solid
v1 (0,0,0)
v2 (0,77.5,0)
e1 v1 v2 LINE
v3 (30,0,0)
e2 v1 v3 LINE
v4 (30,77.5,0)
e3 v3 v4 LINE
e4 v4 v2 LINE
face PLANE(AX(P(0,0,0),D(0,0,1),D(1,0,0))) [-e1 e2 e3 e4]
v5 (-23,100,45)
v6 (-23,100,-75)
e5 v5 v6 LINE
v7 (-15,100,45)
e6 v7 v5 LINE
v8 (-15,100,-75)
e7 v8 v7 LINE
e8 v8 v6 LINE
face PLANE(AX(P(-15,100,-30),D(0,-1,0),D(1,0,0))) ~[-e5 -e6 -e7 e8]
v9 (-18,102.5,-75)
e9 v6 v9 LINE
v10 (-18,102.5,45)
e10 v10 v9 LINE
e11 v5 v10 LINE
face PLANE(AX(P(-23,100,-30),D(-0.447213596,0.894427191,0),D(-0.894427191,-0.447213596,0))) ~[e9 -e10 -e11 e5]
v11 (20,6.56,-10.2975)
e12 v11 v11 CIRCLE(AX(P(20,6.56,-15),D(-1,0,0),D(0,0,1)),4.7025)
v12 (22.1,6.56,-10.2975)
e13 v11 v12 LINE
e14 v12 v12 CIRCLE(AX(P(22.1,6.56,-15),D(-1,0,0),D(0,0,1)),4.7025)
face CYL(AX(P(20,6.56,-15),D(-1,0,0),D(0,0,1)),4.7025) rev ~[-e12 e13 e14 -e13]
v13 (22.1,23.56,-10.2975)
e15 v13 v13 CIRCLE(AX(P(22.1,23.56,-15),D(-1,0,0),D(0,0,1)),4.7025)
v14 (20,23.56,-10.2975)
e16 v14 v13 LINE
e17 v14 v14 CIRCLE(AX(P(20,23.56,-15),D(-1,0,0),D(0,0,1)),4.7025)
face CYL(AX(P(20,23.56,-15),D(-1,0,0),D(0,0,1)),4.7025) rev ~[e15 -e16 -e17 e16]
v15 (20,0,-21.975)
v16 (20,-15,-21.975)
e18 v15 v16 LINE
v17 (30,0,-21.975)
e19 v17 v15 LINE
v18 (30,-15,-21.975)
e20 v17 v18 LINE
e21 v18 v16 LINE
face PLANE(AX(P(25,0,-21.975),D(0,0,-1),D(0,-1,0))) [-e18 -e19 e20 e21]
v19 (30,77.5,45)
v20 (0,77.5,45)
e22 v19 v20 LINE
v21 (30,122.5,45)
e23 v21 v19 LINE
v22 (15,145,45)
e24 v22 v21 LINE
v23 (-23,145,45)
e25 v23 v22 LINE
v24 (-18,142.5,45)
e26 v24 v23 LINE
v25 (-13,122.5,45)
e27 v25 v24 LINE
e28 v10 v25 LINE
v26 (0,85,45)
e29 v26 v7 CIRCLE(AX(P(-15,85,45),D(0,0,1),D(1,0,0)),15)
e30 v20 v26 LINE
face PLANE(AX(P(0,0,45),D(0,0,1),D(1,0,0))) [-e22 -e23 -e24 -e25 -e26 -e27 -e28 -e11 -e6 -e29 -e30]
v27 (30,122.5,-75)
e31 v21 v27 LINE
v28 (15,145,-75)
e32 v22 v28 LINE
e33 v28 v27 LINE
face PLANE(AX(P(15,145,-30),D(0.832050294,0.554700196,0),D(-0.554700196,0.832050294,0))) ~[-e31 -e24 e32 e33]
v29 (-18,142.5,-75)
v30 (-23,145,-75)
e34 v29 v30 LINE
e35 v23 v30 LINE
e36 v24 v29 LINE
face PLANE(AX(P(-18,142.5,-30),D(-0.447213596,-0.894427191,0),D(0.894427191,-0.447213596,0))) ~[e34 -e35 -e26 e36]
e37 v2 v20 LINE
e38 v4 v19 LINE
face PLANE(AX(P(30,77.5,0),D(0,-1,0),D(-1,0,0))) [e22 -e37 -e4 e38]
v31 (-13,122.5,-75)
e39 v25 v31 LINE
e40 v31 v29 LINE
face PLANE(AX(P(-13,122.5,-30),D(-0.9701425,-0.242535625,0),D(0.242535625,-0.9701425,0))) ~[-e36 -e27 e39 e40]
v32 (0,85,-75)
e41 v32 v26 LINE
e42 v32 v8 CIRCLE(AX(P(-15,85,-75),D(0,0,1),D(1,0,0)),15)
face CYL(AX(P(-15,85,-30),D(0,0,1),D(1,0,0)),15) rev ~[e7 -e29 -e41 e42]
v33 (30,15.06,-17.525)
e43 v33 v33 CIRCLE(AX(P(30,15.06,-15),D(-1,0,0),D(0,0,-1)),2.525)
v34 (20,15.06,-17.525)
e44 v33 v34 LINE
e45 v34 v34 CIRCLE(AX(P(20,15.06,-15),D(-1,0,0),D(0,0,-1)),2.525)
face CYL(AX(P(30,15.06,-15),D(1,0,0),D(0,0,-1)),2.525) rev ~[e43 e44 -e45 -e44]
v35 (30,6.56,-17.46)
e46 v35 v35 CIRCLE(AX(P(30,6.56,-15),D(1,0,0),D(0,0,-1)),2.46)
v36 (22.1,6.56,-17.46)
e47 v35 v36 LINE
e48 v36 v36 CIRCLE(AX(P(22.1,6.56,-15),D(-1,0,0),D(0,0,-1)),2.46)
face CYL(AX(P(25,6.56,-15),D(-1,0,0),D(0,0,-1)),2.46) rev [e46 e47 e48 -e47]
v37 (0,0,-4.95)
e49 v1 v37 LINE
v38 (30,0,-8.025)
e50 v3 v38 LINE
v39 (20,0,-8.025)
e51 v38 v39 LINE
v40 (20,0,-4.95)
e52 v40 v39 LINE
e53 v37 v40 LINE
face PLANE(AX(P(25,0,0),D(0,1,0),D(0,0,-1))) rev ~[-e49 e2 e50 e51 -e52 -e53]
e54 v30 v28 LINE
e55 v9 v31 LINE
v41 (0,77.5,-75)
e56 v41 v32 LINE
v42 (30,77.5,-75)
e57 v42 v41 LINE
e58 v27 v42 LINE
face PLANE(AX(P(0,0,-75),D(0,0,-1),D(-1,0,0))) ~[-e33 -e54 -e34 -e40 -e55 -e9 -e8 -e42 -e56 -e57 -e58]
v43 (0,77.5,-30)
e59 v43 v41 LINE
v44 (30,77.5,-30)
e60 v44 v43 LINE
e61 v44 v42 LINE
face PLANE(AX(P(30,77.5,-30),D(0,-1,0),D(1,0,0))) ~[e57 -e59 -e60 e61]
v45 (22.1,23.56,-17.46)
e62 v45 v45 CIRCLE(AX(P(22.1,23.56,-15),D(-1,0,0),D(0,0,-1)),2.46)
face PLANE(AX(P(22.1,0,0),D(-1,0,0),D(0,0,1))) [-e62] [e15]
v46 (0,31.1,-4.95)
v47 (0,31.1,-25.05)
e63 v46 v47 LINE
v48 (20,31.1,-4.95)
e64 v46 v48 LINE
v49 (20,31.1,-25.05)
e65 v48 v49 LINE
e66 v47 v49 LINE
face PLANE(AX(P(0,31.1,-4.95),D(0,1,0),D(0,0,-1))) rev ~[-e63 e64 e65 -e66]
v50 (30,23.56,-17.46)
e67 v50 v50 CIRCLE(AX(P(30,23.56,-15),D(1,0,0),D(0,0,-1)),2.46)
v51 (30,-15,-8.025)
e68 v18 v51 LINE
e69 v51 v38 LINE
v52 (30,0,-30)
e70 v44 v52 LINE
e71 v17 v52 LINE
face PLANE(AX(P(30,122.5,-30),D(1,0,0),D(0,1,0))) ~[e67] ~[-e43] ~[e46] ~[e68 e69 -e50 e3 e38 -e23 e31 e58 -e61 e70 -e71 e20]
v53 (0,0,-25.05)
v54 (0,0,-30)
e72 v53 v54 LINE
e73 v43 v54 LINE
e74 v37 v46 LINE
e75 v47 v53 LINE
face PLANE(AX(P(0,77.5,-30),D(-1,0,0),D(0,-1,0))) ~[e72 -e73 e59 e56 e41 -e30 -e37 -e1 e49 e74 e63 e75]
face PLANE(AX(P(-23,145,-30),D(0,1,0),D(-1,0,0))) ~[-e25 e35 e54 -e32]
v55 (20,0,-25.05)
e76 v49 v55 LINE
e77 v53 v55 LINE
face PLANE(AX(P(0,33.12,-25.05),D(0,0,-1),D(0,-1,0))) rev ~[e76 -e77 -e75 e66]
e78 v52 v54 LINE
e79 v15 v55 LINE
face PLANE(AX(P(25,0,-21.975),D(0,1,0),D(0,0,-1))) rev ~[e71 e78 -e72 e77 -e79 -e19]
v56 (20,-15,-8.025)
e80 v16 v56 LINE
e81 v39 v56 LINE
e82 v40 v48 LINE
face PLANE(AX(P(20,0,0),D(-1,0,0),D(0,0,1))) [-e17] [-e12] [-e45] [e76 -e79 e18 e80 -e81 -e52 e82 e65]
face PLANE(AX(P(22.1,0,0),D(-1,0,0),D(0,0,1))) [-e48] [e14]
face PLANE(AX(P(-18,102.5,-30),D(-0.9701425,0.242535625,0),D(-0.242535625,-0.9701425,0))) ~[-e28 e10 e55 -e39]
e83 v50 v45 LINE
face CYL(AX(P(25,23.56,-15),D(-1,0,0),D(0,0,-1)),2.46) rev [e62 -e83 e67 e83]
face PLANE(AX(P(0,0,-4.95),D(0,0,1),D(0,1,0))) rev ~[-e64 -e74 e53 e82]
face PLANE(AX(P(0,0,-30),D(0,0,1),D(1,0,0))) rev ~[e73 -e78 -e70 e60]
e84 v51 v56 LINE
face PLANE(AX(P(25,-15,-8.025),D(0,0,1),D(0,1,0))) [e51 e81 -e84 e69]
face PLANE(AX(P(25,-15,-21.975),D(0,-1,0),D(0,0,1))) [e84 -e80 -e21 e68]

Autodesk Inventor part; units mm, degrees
ref_plane "YZ Plane" through (0, 0, 0) normal (1, 0, 0) x (0, 1, 0)
ref_plane "XZ Plane" through (0, 0, 0) normal (0, 1, 0) x (-1, 0, 0)
sketch "Sketch1" plane through (0, 0, 0) normal (0, 0, 1) x (1, 0, 0)
  line L0 (0, 0) -> (25, 0)
  line L1 (25, 0) -> (25, 40)
  line L2 (25, 40) -> (0, 40)
  line L3 (0, 40) -> (0, 0)
  dimension "d1" = 25
  dimension "d2" = 40
  dimension "d3" = 25
extrude "Extrusion1" add sketch "Sketch1" against normal blind 30
sketch "Sketch2" plane through (25, 0, 0) normal (1, 0, 0) x (0, 0, -1)
  line L0 (0, 0) -> (30, 0) projected
  circle A0 centre (15, 6.56) radius 2.46
extrude "Extrusion2" cut sketch "Sketch2" against normal blind 30
sketch "Sketch3" plane through (0, 0, 0) normal (-1, 0, 0) x (0, 0, 1)
  line L0 (0, 0) -> (-30, 0) projected
  line L1 (-25.05, 0) -> (-4.95, 0)
  line L2 (-4.95, 0) -> (-4.95, 33.12)
  line L3 (-4.95, 33.12) -> (-25.05, 33.12)
  line L4 (-25.05, 33.12) -> (-25.05, 0)
  dimension "d11" = 20.1
extrude "Extrusion3" cut sketch "Sketch3" against normal blind 20
sketch "Sketch4" plane through (0, 0, 0) normal (0, -1, 0) x (1, 0, 0)
  line L0 (20, -4.95) -> (20, -25.05) projected
  line L1 (20, -15) -> (25, -15)
  line L2 (25, 0) -> (25, -30) projected
  line L3 (20, -8.025) -> (25, -8.025)
  line L4 (25, -8.025) -> (25, -21.975)
  line L5 (25, -21.975) -> (20, -21.975)
  line L6 (20, -21.975) -> (20, -8.025)
  line L7 (20, -8.025) -> (25, -21.975) construction
  line L8 (25, -8.025) -> (20, -21.975) construction
  line L9 (25, -12.54) -> (25, -17.46) projected
  point P0 (0, 0)
  point P1 (22.5, -15)
  dimension "d14" = 13.95
extrude "Extrusion4" add sketch "Sketch4" along normal blind 15
sketch "Sketch5" plane through (20, 0, 0) normal (-1, 0, 0) x (0, 0, 1)
  circle A0 centre (-15, 6.56) radius 2.46 projected
  circle A1 centre (-15, 6.56) radius 4.7025
  circle A2 centre (-15, 6.56) radius 2.46 projected
  circle A3 centre (-15, 6.56) radius 2.46
  point P0 (0, 0)
  dimension "d17" = 9.405
extrude "Extrusion5" cut sketch "Sketch5" against normal blind 2.1
sketch "Sketch6" plane through (25, 0, 0) normal (1, 0, 0) x (0, 0, -1)
  circle A0 centre (15, 6.56) radius 4.7025 projected
  line L0 (15, 6.56) -> (15, 23.56)
  circle A1 centre (15, 23.56) radius 2.46
  point P0 (0, 0)
  dimension "d20" = 17
  dimension "d21" = 4.92
extrude "Extrusion6" cut sketch "Sketch6" against normal blind 10 contours A1
sketch "Sketch7" plane through (20, 0, 0) normal (-1, 0, 0) x (0, 0, 1)
  circle A0 centre (-15, 23.56) radius 2.46 projected
  circle A1 centre (-15, 23.56) radius 4.7025
  point P0 (0, 0)
  dimension "d24" = 9.405
extrude "Extrusion7" cut sketch "Sketch7" against normal blind 2.1
sketch "Sketch9" plane through (25, 0, 0) normal (1, 0, 0) x (0, 0, -1)
  circle A0 centre (15, 6.56) radius 2.46 projected
  circle A1 centre (15, 6.56) radius 2.46
  circle A2 centre (15, 23.56) radius 2.46 projected
  circle A3 centre (15, 23.56) radius 2.46
  line L0 (30, 40) -> (30, 0) projected
  line L1 (30, 0) -> (30, 40)
  line L2 (30, 40) -> (0, 40)
  line L3 (0, 40) -> (0, 0)
  line L4 (0, 0) -> (8.025, 0) projected
  line L5 (21.975, 0) -> (21.975, -15)
  line L6 (21.975, -15) -> (8.025, -15)
  line L7 (8.025, -15) -> (8.025, 0)
  line L8 (0, 0) -> (8.025, 0)
  line L9 (21.975, 0) -> (30, 0)
extrude "Extrusion8" add sketch "Sketch9" along normal blind 5
sketch "Sketch10" plane through (0, 40, 0) normal (0, 1, 0) x (1, 0, 0)
  line L0 (0, 30) -> (30, 30) projected
  line L1 (30, 0) -> (0, 0) projected
  line L2 (0, 30) -> (30, 30)
  line L3 (30, 30) -> (30, 0)
  line L4 (30, 0) -> (0, 0)
  line L5 (0, 0) -> (0, 30)
extrude "Extrusion9" add sketch "Sketch10" along normal blind 30
sketch "Sketch12" plane through (30, 0, 0) normal (1, 0, 0) x (0, 0, -1)
  circle A0 centre (15, 6.56) radius 2.46 projected
  line L0 (15, 6.56) -> (15, 15.06)
  circle A1 centre (15, 15.06) radius 2.525
  point P0 (0, 0)
  dimension "d31" = 8.5
  dimension "d33" = 5.05
extrude "Extrusion10" cut sketch "Sketch12" against normal blind 30 contours A1
sketch "Sketch14" plane through (0, 0, 0) normal (0, 0, 1) x (1, 0, 0)
  line L0 (30, 70) -> (0, 70) projected
  line L1 (0, 70) -> (0, 85)
  line L2 (-15, 100) -> (-23, 100)
  line L3 (30, 0) -> (30, 70) projected
  line L4 (30, 122.5) -> (30, 70)
  arc A0 (0, 85) -> (-15, 100) centre (-15, 85) ccw
  line L5 (30, 105) -> (30, 100)
  line L6 (-23, 145) -> (15, 145)
  line L7 (-18, 142.5) -> (-23, 145)
  line L8 (-18, 102.5) -> (-23, 100)
  line L9 (-18, 102.5) -> (-13, 122.5)
  line L10 (-13, 122.5) -> (-18, 142.5)
  line L11 (30, 122.5) -> (15, 145)
  point P0 (0, 0)
  point P1 (0, 100)
  dimension "d47" = 30
  dimension "d54" = 15
extrude "Extrusion12" add sketch "Sketch14" against normal blind 30
sketch "Sketch15" plane through (0, 0, -25.05) normal (-1, 0, 0) x (0, 0, 1)
  line L0 (0, 33.12) -> (20.1, 33.12) projected
  line L1 (20.1, 33.12) -> (20.1, 0) projected
  line L2 (0, 33.12) -> (20.1, 33.12)
  line L3 (20.1, 33.12) -> (20.1, 31.1)
  line L4 (20.1, 31.1) -> (0, 31.1)
  line L5 (0, 31.1) -> (0, 33.12)
  point P0 (25.05, 0)
  dimension "d57" = 2.02
extrude "Extrusion13" add sketch "Sketch15" against normal blind 20
sketch "Sketch24" plane through (0, 0, 0) normal (0, 0, 1) x (1, 0, 0)
  line L0 (-15, 100) -> (-23, 100) projected
  line L1 (-15, 100) -> (-23, 100)
  line L2 (-23, 100) -> (-18, 102.5) projected
  line L3 (-23, 100) -> (-18, 102.5)
  line L4 (-18, 102.5) -> (-13, 122.5) projected
  line L5 (-18, 102.5) -> (-13, 122.5)
  line L6 (-13, 122.5) -> (-18, 142.5) projected
  line L7 (-13, 122.5) -> (-18, 142.5)
  line L8 (-18, 142.5) -> (-23, 145) projected
  line L9 (-18, 142.5) -> (-23, 145)
  line L10 (-23, 145) -> (15, 145) projected
  line L11 (-23, 145) -> (15, 145)
  line L12 (15, 145) -> (30, 122.5) projected
  line L13 (15, 145) -> (30, 122.5)
  line L14 (30, 122.5) -> (30, 77.5)
  line L15 (30, 0) -> (30, 122.5) projected
  line L16 (30, 77.5) -> (0, 77.5)
  line L17 (0, 0) -> (0, 85) projected
  line L18 (0, 77.5) -> (0, 85)
  arc A0 (0, 85) -> (-15, 100) centre (-15, 85) ccw projected
  arc A1 (0, 85) -> (-15, 100) centre (-15, 85) ccw
  dimension "d86" = 45
extrude "Extrusion14" add sketch "Sketch24" along normal blind 45
ref_plane "Work Plane1" through (0, 0, -15) normal (0, 0, 1) x (1, 0, 0)
mirror "Mirror1" about plane through (0, 0, -15) normal (0, 0, 1) of "Extrusion14"
properties part number "rec_a_40mm_x_120mm"
